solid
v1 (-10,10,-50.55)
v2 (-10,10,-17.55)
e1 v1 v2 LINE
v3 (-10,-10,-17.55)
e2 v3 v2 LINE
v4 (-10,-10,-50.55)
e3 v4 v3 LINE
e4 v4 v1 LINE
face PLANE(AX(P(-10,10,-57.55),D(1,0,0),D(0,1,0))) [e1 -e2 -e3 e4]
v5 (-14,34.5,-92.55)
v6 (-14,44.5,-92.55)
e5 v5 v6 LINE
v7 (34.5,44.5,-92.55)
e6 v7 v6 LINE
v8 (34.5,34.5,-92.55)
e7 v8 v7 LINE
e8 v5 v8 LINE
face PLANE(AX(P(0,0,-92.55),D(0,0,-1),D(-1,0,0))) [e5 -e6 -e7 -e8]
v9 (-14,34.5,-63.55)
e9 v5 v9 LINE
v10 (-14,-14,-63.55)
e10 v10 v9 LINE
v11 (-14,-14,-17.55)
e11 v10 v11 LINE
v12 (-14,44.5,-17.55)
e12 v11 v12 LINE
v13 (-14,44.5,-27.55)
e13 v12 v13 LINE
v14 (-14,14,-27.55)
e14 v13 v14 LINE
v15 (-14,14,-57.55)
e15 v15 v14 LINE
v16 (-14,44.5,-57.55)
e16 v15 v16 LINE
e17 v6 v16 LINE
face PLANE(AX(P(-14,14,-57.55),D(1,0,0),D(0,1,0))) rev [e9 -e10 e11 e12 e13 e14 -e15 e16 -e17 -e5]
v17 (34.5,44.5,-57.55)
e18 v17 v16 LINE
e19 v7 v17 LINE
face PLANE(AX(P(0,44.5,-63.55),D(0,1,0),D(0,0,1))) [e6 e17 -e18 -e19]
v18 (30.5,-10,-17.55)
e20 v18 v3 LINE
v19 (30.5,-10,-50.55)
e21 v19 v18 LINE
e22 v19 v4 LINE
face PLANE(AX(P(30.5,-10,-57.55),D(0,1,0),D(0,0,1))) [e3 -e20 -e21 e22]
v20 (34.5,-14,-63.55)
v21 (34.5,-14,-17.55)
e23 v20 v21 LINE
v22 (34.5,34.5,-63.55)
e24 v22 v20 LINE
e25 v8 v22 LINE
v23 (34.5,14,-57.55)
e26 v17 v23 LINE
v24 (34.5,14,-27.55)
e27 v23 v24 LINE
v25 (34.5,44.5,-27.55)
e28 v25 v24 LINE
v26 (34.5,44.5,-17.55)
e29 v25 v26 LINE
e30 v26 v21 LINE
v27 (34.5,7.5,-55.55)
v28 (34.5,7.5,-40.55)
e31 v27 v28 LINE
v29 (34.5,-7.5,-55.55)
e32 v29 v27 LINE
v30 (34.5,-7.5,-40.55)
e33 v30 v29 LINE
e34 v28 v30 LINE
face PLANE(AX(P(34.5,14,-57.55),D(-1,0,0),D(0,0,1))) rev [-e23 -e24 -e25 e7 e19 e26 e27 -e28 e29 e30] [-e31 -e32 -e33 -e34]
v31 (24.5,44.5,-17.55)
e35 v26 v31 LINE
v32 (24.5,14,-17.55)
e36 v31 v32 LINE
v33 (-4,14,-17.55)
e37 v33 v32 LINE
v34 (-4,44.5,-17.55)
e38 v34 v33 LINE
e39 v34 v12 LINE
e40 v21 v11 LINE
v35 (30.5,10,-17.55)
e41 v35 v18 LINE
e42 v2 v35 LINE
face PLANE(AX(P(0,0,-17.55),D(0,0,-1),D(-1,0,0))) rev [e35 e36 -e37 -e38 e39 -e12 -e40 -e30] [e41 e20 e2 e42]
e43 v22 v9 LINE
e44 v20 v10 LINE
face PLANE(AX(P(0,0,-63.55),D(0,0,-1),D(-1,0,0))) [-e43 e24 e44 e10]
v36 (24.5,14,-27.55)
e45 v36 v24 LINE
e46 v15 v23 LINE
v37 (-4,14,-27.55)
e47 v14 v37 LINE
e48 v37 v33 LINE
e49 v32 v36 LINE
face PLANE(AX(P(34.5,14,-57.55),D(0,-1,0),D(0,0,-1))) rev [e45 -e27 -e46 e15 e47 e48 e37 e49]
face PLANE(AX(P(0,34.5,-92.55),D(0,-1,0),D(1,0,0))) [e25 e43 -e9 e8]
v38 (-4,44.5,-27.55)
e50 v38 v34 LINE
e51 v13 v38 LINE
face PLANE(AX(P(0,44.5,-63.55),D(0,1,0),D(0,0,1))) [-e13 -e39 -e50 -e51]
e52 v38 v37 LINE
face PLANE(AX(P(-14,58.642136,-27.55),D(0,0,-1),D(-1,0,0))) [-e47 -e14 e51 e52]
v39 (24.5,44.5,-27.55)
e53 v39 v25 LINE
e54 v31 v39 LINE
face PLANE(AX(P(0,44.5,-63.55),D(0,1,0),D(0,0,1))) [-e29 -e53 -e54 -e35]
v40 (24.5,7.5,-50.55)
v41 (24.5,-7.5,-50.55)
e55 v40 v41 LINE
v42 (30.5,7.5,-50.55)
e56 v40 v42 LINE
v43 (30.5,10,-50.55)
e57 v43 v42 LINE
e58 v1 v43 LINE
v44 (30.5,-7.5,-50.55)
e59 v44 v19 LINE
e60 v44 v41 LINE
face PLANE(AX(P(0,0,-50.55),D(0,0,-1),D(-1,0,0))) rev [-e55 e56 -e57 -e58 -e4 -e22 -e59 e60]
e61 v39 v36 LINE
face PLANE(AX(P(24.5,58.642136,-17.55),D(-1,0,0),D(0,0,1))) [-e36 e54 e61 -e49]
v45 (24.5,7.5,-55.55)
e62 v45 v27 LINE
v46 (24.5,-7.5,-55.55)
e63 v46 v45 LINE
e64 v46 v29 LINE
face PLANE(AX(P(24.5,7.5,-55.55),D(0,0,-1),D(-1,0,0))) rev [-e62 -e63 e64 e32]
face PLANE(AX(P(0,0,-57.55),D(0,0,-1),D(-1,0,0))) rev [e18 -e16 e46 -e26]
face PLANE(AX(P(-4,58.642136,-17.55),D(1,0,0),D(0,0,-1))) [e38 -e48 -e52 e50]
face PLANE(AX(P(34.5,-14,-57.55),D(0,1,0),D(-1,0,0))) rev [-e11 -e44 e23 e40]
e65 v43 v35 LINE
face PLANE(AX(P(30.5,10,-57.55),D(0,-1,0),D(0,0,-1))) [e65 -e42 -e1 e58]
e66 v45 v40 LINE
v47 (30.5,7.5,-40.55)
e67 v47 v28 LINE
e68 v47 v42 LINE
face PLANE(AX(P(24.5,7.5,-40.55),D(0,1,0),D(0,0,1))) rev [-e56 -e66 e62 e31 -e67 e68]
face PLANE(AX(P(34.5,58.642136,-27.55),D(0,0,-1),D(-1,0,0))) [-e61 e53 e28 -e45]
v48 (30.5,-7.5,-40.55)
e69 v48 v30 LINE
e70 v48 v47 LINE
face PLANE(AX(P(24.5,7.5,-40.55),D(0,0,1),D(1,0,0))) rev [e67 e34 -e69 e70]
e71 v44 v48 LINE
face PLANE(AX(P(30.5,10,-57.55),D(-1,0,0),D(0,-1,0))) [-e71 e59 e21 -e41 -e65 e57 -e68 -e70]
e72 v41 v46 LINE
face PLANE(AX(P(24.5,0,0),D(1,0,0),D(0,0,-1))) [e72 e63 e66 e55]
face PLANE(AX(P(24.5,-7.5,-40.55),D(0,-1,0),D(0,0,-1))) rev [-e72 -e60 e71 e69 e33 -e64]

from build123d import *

# Parameters (mm, degrees)
SKETCH1_W           = 48.5
SKETCH1_H           = 28
SKETCH1_W_2         = 40.5
SKETCH1_H_2         = 20
BOSS_EXTRUDE1_DEPTH = 40
SKETCH2_W           = 48.5
SKETCH2_H           = 28
BOSS_EXTRUDE2_DEPTH = 7
SKETCH3_W           = 15
SKETCH3_H           = 15
CUT_EXTRUDE1_DEPTH  = 10
SKETCH4_W           = 48.5
SKETCH4_H           = 58.5
BOSS_EXTRUDE3_DEPTH = 6
SKETCH4_3_W         = 48.5
SKETCH4_3_H         = 10
BOSS_EXTRUDE4_DEPTH = 35
SKETCH5_W           = 10
SKETCH5_H           = 10
BOSS_EXTRUDE5_DEPTH = 30.5


with BuildPart() as part:
    # Sketch1 → Boss-Extrude1 (new body)
    with BuildSketch(Plane(origin=(0, 0, -17.55), x_dir=(-1, 0, 0), z_dir=(0, 0, -1))):
        with Locations((-10.25, 0)):
            Rectangle(SKETCH1_W, SKETCH1_H)
        with Locations((-10.25, 0)):
            Rectangle(SKETCH1_W_2, SKETCH1_H_2, mode=Mode.SUBTRACT)
    extrude(amount=BOSS_EXTRUDE1_DEPTH)

    # Sketch2 → Boss-Extrude2 (add)
    with BuildSketch(Plane(origin=(0, 0, -57.55), x_dir=(-1, 0, 0), z_dir=(0, 0, -1))):
        with Locations((-10.25, 0)):
            Rectangle(SKETCH2_W, SKETCH2_H)
    extrude(amount=-BOSS_EXTRUDE2_DEPTH)

    # Sketch3 → Cut-Extrude1 (cut)
    with BuildSketch(Plane(origin=(34.5, 0, 0), x_dir=(0, 0, -1), z_dir=(1, 0, 0))):
        with Locations((48.05, 0)):
            Rectangle(SKETCH3_W, SKETCH3_H)
    extrude(amount=-CUT_EXTRUDE1_DEPTH, mode=Mode.SUBTRACT)

    # Sketch4 → Boss-Extrude3 (add)
    with BuildSketch(Plane(origin=(0, 0, -57.55), x_dir=(-1, 0, 0), z_dir=(0, 0, -1))):
        with Locations((-10.25, 15.25)):
            Rectangle(SKETCH4_W, SKETCH4_H)
    extrude(amount=BOSS_EXTRUDE3_DEPTH)

    # Sketch4<3> → Boss-Extrude4 (add)
    with BuildSketch(Plane(origin=(0, 0, -57.55), x_dir=(-1, 0, 0), z_dir=(0, 0, -1))):
        with Locations((-10.25, 39.5)):
            Rectangle(SKETCH4_3_W, SKETCH4_3_H)
    extrude(amount=BOSS_EXTRUDE4_DEPTH)

    # Sketch5 → Boss-Extrude5 (add)
    with BuildSketch(Plane.XZ.offset(-14)):
        with Locations((-9, -22.55)):
            Rectangle(SKETCH5_W, SKETCH5_H)
        with Locations((29.5, -22.55)):
            Rectangle(SKETCH5_W, SKETCH5_H)
    extrude(amount=-BOSS_EXTRUDE5_DEPTH)


solid = part.part
